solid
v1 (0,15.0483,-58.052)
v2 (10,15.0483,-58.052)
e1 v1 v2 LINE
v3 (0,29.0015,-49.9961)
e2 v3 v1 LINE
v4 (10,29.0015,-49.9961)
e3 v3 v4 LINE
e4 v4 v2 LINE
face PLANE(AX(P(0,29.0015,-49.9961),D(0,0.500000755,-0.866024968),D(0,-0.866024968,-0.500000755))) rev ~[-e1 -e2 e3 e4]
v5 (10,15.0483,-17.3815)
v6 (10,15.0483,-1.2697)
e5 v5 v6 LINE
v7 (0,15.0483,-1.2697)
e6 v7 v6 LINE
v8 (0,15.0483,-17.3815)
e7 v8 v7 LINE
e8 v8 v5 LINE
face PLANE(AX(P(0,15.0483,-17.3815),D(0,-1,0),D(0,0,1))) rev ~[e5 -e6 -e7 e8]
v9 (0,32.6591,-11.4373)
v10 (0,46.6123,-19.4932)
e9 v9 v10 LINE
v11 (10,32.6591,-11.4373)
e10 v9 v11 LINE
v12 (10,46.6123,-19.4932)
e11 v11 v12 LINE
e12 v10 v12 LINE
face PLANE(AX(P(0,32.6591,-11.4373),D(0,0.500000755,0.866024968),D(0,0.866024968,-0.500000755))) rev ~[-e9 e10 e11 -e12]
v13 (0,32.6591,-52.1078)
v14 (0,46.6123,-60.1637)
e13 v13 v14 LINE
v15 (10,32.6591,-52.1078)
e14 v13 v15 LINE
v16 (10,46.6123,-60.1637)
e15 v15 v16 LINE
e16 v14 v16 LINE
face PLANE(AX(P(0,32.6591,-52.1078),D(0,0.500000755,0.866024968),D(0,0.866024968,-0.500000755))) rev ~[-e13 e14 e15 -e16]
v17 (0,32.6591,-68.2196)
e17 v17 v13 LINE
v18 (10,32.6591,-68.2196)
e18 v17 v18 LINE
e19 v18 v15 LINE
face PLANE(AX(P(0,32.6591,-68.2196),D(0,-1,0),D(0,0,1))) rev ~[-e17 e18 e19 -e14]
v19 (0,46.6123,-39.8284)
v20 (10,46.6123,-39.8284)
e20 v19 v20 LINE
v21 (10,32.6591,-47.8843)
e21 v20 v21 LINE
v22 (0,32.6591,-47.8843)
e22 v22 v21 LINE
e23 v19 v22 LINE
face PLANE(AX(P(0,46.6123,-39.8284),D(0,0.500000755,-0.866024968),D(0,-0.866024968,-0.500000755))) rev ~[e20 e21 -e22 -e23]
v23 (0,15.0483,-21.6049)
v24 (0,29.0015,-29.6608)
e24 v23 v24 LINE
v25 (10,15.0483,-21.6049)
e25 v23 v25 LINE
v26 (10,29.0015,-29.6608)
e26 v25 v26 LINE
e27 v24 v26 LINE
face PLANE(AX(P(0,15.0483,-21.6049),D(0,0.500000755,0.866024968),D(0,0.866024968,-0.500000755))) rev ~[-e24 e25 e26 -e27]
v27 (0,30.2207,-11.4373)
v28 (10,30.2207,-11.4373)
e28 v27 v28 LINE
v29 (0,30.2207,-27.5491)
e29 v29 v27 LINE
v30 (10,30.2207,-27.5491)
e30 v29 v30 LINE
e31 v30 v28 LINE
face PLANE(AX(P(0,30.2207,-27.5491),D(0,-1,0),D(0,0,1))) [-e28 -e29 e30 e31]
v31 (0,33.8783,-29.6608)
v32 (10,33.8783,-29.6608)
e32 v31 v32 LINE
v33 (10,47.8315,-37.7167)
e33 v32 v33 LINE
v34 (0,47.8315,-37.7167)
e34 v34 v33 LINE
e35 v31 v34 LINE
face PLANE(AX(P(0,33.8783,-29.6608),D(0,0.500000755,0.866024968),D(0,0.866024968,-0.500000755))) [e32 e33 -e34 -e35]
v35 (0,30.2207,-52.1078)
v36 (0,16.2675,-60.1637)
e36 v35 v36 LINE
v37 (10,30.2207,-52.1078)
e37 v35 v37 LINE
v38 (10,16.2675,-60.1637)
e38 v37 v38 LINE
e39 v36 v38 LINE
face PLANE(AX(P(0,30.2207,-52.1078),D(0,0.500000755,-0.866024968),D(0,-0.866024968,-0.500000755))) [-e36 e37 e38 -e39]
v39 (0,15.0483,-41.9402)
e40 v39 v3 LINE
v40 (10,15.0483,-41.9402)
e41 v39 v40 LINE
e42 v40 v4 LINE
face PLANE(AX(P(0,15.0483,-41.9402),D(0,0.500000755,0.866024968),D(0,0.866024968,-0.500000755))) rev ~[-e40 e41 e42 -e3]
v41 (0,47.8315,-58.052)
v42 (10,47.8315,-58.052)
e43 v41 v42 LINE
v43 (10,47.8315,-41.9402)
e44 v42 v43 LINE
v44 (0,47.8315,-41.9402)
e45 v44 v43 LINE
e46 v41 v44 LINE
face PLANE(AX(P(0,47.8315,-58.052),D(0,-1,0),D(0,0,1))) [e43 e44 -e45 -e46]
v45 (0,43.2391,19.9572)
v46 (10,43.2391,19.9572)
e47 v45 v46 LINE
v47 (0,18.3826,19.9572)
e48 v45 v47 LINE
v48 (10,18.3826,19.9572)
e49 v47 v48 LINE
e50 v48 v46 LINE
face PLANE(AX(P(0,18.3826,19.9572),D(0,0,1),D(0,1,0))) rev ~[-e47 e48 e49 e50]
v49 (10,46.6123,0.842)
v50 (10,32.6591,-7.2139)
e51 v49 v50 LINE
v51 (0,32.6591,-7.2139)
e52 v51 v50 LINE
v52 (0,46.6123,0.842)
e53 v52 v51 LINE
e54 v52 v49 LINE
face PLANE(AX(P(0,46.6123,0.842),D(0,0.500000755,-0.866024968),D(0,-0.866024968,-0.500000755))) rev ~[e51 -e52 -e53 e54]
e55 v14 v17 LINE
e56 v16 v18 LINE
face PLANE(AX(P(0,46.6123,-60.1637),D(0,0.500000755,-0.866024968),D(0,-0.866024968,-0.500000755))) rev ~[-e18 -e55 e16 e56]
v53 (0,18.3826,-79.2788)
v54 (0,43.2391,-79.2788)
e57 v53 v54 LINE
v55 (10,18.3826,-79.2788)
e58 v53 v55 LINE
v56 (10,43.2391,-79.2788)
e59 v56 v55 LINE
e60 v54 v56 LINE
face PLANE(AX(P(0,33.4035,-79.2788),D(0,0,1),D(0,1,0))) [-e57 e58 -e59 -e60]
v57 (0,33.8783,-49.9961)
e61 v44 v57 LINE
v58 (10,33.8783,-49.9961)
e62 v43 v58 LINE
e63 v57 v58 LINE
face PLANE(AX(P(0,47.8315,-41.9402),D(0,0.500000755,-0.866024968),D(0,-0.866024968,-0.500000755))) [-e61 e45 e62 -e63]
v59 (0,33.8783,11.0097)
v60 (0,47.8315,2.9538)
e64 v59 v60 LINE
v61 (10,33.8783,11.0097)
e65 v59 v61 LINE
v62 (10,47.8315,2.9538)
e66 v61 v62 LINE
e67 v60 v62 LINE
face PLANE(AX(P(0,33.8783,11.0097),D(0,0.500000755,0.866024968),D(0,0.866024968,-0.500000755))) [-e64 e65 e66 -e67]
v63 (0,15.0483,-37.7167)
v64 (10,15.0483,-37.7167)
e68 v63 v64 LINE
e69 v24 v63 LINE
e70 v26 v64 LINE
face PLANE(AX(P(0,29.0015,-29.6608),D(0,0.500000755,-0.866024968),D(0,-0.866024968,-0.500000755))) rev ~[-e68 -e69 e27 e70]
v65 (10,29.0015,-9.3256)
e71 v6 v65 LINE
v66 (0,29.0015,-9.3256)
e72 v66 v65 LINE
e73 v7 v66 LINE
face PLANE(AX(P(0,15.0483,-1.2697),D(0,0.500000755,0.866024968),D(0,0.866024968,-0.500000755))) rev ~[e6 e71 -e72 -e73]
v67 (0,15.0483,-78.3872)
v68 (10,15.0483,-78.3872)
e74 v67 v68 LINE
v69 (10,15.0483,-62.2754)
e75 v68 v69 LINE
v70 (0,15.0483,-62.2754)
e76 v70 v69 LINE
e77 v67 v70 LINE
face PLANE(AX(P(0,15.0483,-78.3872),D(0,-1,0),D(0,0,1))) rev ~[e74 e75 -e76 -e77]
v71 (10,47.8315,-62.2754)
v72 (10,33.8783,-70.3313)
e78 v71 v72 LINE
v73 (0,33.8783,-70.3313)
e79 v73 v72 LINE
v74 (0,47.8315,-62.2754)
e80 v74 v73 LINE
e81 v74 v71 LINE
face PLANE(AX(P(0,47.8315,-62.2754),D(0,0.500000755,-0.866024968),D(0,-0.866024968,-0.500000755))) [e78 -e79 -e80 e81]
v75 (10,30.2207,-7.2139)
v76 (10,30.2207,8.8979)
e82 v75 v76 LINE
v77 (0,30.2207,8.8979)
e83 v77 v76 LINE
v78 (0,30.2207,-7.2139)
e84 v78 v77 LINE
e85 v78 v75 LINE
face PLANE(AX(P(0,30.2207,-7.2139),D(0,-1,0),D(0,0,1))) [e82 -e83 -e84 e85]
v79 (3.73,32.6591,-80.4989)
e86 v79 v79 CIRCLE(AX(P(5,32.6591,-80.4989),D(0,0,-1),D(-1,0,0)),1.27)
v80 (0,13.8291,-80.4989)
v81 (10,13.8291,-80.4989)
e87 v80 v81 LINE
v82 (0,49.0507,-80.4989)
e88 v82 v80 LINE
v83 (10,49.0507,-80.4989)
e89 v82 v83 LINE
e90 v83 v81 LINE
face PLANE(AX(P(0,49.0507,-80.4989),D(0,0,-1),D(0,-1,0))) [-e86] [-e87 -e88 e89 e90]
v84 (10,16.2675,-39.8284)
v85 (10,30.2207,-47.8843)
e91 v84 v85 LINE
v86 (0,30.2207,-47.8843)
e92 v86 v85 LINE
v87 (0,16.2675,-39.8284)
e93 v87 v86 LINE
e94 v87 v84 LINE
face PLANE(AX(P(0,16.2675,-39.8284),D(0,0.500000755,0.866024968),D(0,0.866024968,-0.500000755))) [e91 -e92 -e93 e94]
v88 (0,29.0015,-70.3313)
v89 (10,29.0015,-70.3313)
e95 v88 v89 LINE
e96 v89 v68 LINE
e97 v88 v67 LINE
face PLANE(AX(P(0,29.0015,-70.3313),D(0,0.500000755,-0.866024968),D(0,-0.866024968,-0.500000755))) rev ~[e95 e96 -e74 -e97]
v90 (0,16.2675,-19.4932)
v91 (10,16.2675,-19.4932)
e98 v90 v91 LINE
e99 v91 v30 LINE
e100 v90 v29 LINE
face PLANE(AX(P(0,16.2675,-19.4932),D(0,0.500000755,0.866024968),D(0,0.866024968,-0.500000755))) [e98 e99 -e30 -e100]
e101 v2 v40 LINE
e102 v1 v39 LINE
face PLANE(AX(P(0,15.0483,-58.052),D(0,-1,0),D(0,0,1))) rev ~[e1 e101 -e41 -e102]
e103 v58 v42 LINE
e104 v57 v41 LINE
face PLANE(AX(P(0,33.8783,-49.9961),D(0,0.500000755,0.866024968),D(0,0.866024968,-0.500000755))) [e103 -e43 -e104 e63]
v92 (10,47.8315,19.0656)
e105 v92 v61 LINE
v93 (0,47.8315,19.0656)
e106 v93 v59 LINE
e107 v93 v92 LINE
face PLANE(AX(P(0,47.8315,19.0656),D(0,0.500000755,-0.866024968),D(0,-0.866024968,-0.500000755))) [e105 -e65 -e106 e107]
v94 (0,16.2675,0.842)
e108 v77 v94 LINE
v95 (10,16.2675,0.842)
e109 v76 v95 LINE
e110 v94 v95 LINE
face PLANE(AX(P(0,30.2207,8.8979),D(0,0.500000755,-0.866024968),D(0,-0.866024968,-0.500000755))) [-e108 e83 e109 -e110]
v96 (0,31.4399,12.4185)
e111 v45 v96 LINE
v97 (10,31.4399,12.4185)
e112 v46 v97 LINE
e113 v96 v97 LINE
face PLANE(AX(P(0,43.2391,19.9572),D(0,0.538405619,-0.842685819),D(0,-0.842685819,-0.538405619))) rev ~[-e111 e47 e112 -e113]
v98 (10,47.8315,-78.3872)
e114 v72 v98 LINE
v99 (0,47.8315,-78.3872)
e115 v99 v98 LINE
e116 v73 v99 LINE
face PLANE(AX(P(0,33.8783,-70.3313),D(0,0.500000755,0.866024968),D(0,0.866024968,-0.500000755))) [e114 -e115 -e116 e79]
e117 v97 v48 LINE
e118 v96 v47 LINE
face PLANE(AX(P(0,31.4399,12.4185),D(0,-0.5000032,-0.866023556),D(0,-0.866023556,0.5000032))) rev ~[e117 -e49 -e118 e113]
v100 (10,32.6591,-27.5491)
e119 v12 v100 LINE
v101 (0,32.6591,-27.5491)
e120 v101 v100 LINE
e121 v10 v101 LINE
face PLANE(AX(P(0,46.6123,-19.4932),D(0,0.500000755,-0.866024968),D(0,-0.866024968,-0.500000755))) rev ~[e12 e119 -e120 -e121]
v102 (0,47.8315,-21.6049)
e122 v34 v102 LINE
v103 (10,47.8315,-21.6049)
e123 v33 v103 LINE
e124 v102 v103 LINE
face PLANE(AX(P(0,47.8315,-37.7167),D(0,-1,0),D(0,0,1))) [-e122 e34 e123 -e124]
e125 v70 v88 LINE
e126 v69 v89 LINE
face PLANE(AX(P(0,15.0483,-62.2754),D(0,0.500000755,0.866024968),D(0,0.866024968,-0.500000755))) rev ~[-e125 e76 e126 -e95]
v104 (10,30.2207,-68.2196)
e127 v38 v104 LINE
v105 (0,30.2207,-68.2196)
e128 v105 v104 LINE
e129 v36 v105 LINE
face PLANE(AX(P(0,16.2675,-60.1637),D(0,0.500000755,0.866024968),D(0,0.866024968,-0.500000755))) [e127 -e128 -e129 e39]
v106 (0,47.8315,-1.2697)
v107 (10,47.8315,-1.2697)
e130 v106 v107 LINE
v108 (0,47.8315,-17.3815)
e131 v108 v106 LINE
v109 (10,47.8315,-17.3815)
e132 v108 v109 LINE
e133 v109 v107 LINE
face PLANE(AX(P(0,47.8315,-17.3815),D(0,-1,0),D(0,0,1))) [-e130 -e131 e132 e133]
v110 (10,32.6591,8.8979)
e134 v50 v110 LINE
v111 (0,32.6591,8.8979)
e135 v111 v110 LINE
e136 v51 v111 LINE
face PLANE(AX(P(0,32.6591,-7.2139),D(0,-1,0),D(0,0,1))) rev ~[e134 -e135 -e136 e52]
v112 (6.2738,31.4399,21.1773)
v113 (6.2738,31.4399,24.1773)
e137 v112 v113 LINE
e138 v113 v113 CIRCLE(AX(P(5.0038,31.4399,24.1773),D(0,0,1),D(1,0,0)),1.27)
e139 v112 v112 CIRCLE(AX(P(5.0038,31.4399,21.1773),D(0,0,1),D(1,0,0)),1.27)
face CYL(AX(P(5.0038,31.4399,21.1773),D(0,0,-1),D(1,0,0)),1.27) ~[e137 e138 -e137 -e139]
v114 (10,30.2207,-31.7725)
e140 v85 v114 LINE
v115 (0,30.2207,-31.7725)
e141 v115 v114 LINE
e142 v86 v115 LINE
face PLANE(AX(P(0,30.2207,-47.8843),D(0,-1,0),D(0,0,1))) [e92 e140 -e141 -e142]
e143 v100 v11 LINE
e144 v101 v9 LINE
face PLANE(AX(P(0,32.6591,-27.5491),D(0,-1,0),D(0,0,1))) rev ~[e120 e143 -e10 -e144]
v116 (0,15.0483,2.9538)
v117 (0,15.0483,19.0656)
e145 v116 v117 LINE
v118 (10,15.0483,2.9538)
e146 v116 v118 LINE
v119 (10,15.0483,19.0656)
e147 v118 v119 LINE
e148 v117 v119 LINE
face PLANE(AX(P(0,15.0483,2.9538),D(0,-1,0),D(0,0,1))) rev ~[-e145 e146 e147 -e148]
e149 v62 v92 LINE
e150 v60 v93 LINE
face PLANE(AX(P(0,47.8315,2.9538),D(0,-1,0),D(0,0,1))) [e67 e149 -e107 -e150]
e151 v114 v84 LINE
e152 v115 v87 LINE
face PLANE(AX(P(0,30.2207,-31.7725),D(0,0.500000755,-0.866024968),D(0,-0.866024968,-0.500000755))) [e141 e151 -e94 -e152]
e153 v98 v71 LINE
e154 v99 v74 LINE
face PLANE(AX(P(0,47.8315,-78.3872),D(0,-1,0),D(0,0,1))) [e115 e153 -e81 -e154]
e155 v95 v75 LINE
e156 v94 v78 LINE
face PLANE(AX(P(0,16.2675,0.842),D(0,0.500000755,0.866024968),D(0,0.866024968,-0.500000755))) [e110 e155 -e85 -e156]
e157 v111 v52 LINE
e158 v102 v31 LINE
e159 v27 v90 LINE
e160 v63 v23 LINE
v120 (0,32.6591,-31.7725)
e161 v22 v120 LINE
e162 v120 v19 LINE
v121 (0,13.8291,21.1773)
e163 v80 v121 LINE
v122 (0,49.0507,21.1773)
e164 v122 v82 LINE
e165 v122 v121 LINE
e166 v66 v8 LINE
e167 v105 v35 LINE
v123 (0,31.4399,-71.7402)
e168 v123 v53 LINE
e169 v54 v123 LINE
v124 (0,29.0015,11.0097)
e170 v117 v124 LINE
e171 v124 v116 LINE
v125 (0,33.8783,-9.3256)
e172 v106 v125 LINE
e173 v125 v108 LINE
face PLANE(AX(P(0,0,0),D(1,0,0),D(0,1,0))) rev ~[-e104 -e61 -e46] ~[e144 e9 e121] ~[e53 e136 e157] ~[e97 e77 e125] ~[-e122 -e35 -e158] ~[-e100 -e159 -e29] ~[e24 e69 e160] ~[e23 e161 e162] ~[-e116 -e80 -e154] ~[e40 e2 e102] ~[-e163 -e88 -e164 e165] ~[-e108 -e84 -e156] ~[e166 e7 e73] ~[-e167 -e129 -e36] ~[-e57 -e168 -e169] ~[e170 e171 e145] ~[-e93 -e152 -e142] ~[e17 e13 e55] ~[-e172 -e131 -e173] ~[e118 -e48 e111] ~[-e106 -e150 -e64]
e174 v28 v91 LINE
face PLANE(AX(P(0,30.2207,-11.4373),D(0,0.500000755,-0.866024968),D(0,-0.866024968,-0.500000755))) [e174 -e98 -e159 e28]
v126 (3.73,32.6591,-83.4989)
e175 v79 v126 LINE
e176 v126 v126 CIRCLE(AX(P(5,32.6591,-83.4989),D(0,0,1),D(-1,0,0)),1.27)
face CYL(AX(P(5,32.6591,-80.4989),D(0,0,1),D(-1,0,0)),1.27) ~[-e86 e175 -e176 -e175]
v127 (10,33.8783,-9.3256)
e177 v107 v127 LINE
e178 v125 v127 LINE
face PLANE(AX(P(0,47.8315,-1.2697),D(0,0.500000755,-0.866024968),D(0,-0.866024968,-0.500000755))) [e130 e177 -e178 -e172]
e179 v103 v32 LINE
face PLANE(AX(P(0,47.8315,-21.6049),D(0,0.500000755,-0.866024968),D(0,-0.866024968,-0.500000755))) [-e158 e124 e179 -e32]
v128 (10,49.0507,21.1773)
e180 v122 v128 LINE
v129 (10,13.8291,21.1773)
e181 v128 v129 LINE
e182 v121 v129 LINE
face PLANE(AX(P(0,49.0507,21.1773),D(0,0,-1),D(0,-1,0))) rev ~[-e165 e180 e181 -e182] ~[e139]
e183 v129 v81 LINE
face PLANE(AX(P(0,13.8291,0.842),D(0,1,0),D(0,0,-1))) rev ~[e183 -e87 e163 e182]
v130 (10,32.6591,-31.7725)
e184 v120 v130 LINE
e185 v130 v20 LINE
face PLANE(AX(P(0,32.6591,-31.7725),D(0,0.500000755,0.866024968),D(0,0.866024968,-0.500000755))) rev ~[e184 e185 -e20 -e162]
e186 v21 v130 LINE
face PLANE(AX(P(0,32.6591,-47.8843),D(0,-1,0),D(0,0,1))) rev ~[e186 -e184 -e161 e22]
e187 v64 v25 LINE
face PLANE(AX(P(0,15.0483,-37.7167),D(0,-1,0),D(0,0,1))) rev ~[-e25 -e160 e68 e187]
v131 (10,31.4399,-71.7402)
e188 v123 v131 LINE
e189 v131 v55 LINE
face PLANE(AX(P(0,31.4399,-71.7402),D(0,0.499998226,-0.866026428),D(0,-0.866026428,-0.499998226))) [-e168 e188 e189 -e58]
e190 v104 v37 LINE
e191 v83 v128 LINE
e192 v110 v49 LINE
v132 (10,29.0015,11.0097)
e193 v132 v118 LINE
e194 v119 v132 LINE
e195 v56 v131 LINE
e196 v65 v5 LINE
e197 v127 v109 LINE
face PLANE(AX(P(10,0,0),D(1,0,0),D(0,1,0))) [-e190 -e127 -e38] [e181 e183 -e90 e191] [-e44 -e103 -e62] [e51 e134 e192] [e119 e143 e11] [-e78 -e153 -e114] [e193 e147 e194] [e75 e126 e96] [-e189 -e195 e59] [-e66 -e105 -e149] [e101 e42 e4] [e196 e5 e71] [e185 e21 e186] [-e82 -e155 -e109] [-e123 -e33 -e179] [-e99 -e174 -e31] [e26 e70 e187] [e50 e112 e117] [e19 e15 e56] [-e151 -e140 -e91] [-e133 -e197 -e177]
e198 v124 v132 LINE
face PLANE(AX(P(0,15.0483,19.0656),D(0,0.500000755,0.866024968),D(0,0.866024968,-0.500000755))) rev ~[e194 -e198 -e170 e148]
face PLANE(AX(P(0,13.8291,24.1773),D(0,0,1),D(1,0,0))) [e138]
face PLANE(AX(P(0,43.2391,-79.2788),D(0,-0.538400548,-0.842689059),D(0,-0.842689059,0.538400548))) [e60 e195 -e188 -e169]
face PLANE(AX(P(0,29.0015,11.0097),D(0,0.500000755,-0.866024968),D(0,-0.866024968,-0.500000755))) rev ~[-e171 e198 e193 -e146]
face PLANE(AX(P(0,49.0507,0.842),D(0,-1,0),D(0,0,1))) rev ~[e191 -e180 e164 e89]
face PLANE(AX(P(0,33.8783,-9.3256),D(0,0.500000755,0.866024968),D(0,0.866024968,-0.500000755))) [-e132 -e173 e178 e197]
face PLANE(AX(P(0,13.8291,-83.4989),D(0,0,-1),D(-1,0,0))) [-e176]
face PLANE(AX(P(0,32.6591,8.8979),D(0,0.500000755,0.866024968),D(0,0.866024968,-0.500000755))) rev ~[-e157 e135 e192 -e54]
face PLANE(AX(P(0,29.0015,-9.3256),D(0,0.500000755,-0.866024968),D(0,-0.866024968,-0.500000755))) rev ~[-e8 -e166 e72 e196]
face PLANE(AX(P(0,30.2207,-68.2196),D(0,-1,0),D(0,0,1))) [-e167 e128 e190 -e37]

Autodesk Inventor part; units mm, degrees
ref_plane "YZ Plane" through (0, 0, 0) normal (1, 0, 0) x (0, 1, 0)
ref_plane "XZ Plane" through (0, 0, 0) normal (0, 1, 0) x (-1, 0, 0)
ref_plane "XY Plane" through (0, 0, 0) normal (0, 0, 1) x (1, 0, 0)
sketch "Sketch1" plane through (0, 0, 0) normal (1, 0, 0) x (0, 1, 0)
  line L0 (31.4399, 11.0097) -> (31.4399, -9.3256)
  line L1 (31.4399, -9.3256) -> (49.0507, 0.842)
  line L2 (49.0507, 0.842) -> (31.4399, 11.0097)
  line L3 (46.6123, 0.842) -> (32.6591, -7.2139)
  line L4 (32.6591, -7.2139) -> (32.6591, 8.8979)
  line L5 (32.6591, 8.8979) -> (46.6123, 0.842)
  line L6 (49.0507, 0.842) -> (31.4399, -9.3256)
  line L7 (49.0507, -19.4932) -> (31.4399, -9.3256)
  line L8 (49.0507, 0.842) -> (49.0507, -19.4932)
  line L9 (47.8315, -1.2697) -> (33.8783, -9.3256)
  line L10 (33.8783, -9.3256) -> (47.8315, -17.3815)
  line L11 (47.8315, -17.3815) -> (47.8315, -1.2697)
  line L12 (31.4399, -9.3256) -> (31.4399, -29.6608)
  line L13 (31.4399, -29.6608) -> (49.0507, -19.4932)
  line L14 (32.6591, -27.5491) -> (32.6591, -11.4373)
  line L15 (32.6591, -11.4373) -> (46.6123, -19.4932)
  line L16 (46.6123, -19.4932) -> (32.6591, -27.5491)
  line L17 (49.0507, -19.4932) -> (49.0507, -39.8284)
  line L18 (49.0507, -39.8284) -> (31.4399, -29.6608)
  line L19 (47.8315, -37.7167) -> (47.8315, -21.6049)
  line L20 (33.8783, -29.6608) -> (47.8315, -37.7167)
  line L21 (47.8315, -21.6049) -> (33.8783, -29.6608)
  line L22 (31.4399, -29.6608) -> (31.4399, -49.9961)
  line L23 (32.6591, -47.8843) -> (32.6591, -31.7725)
  line L24 (31.4399, -49.9961) -> (49.0507, -39.8284)
  line L25 (46.6123, -39.8284) -> (32.6591, -47.8843)
  line L26 (32.6591, -31.7725) -> (46.6123, -39.8284)
  line L27 (49.0507, -39.8284) -> (49.0507, -60.1637)
  line L28 (47.8315, -41.9402) -> (33.8783, -49.9961)
  line L29 (33.8783, -49.9961) -> (47.8315, -58.052)
  line L30 (49.0507, -60.1637) -> (31.4399, -49.9961)
  line L31 (47.8315, -58.052) -> (47.8315, -41.9402)
  line L32 (31.4399, -49.9961) -> (31.4399, -70.3313)
  line L33 (31.4399, -70.3313) -> (49.0507, -60.1637)
  line L34 (46.6123, -60.1637) -> (32.6591, -68.2196)
  line L35 (32.6591, -68.2196) -> (32.6591, -52.1078)
  line L36 (32.6591, -52.1078) -> (46.6123, -60.1637)
  line L37 (31.4399, -9.3256) -> (13.8291, 0.842)
  line L38 (13.8291, 0.842) -> (31.4399, 11.0097)
  line L39 (16.2675, 0.842) -> (30.2207, -7.2139)
  line L40 (30.2207, -7.2139) -> (30.2207, 8.8979)
  line L41 (30.2207, 8.8979) -> (16.2675, 0.842)
  line L42 (31.4399, -9.3256) -> (13.8291, 0.842)
  line L43 (13.8291, -19.4932) -> (31.4399, -9.3256)
  line L44 (13.8291, 0.842) -> (13.8291, -19.4932)
  line L45 (15.0483, -1.2697) -> (29.0015, -9.3256)
  line L46 (29.0015, -9.3256) -> (15.0483, -17.3815)
  line L47 (15.0483, -17.3815) -> (15.0483, -1.2697)
  line L48 (13.8291, -19.4932) -> (31.4399, -9.3256)
  line L49 (31.4399, -29.6608) -> (13.8291, -19.4932)
  line L50 (30.2207, -11.4373) -> (16.2675, -19.4932)
  line L51 (30.2207, -27.5491) -> (30.2207, -11.4373)
  line L52 (16.2675, -19.4932) -> (30.2207, -27.5491)
  line L53 (13.8291, -39.8284) -> (31.4399, -29.6608)
  line L54 (16.2675, -39.8284) -> (30.2207, -47.8843)
  line L55 (30.2207, -47.8843) -> (30.2207, -31.7725)
  line L56 (31.4399, -49.9961) -> (13.8291, -39.8284)
  line L57 (30.2207, -31.7725) -> (16.2675, -39.8284)
  line L58 (31.4399, -29.6608) -> (13.8291, -19.4932)
  line L59 (15.0483, -21.6049) -> (29.0015, -29.6608)
  line L60 (13.8291, -19.4932) -> (13.8291, -39.8284)
  line L61 (15.0483, -37.7167) -> (15.0483, -21.6049)
  line L62 (13.8291, -39.8284) -> (31.4399, -29.6608)
  line L63 (29.0015, -29.6608) -> (15.0483, -37.7167)
  line L64 (13.8291, -60.1637) -> (31.4399, -49.9961)
  line L65 (30.2207, -68.2196) -> (30.2207, -52.1078)
  line L66 (31.4399, -70.3313) -> (13.8291, -60.1637)
  line L67 (30.2207, -52.1078) -> (16.2675, -60.1637)
  line L68 (16.2675, -60.1637) -> (30.2207, -68.2196)
  line L69 (31.4399, -49.9961) -> (13.8291, -39.8284)
  line L70 (13.8291, -39.8284) -> (13.8291, -60.1637)
  line L71 (15.0483, -58.052) -> (15.0483, -41.9402)
  line L72 (15.0483, -41.9402) -> (29.0015, -49.9961)
  line L73 (13.8291, -60.1637) -> (31.4399, -49.9961)
  line L74 (29.0015, -49.9961) -> (15.0483, -58.052)
  line L75 (13.8291, 0.842) -> (13.8291, 21.1773)
  line L76 (13.8291, 21.1773) -> (31.4399, 11.0097)
  line L77 (49.0507, 0.842) -> (49.0507, 21.1773)
  line L78 (49.0507, 21.1773) -> (31.4399, 11.0097)
  line L79 (49.0507, 21.1773) -> (13.8291, 21.1773)
  line L80 (49.0507, -60.1637) -> (49.0507, -80.4989)
  line L81 (49.0507, -80.4989) -> (31.4399, -70.3313)
  line L82 (13.8291, -60.1637) -> (13.8291, -80.4989)
  line L83 (13.8291, -80.4989) -> (31.4399, -70.3313)
  line L84 (49.0507, -80.4989) -> (13.8291, -80.4989)
  line L85 (15.0483, 2.9538) -> (15.0483, 19.0656)
  line L86 (29.0015, 11.0097) -> (15.0483, 2.9538)
  line L87 (15.0483, 19.0656) -> (29.0015, 11.0097)
  line L88 (47.8315, 2.9538) -> (47.8315, 19.0656)
  line L89 (47.8315, 19.0656) -> (33.8783, 11.0097)
  line L90 (33.8783, 11.0097) -> (47.8315, 2.9538)
  line L91 (33.8783, -70.3313) -> (47.8315, -78.3872)
  line L92 (47.8315, -78.3872) -> (47.8315, -62.2754)
  line L93 (47.8315, -62.2754) -> (33.8783, -70.3313)
  line L94 (29.0015, -70.3313) -> (15.0483, -78.3872)
  line L95 (15.0483, -78.3872) -> (15.0483, -62.2754)
  line L96 (15.0483, -62.2754) -> (29.0015, -70.3313)
  line L97 (33.4035, 19.9572) -> (43.2391, 19.9572)
  line L98 (43.2391, 19.9572) -> (31.4399, 12.4185)
  line L99 (31.4399, 12.4185) -> (18.3826, 19.9572)
  line L100 (18.3826, 19.9572) -> (33.4035, 19.9572)
  line L101 (33.4035, -79.2788) -> (43.2391, -79.2788)
  line L102 (43.2391, -79.2788) -> (31.4399, -71.7402)
  line L103 (31.4399, -71.7402) -> (18.3826, -79.2788)
  line L104 (18.3826, -79.2788) -> (33.4035, -79.2788)
  dimension "d13" = 1.2192
extrude "Extrusion1" add sketch "Sketch1" along normal blind 10
sketch "Sketch2" plane through (0, 13.8291, 21.1773) normal (0, 0, 1) x (1, 0, 0)
  line L0 (0, 35.2217) -> (10, 35.2217) projected
  circle A0 centre (5.0038, 17.6108) radius 1.27
  point P0 (0, -13.8291)
  point P1 (0, 17.6108)
extrude "Extrusion2" add sketch "Sketch2" along normal blind 3
sketch "Sketch3" plane through (0, 13.8291, -80.4989) normal (0, 0, -1) x (-1, 0, 0)
  line L0 (0, 35.2217) -> (-10, 35.2217) projected
  line L1 (0, 18.83) -> (-10, 18.83) projected
  circle A0 centre (-5, 18.83) radius 1.27
  point P0 (0, -13.8291)
  dimension "d36" = 2.54
extrude "Extrusion3" add sketch "Sketch3" along normal blind 3
properties part number "Arm support for bottom arms"
